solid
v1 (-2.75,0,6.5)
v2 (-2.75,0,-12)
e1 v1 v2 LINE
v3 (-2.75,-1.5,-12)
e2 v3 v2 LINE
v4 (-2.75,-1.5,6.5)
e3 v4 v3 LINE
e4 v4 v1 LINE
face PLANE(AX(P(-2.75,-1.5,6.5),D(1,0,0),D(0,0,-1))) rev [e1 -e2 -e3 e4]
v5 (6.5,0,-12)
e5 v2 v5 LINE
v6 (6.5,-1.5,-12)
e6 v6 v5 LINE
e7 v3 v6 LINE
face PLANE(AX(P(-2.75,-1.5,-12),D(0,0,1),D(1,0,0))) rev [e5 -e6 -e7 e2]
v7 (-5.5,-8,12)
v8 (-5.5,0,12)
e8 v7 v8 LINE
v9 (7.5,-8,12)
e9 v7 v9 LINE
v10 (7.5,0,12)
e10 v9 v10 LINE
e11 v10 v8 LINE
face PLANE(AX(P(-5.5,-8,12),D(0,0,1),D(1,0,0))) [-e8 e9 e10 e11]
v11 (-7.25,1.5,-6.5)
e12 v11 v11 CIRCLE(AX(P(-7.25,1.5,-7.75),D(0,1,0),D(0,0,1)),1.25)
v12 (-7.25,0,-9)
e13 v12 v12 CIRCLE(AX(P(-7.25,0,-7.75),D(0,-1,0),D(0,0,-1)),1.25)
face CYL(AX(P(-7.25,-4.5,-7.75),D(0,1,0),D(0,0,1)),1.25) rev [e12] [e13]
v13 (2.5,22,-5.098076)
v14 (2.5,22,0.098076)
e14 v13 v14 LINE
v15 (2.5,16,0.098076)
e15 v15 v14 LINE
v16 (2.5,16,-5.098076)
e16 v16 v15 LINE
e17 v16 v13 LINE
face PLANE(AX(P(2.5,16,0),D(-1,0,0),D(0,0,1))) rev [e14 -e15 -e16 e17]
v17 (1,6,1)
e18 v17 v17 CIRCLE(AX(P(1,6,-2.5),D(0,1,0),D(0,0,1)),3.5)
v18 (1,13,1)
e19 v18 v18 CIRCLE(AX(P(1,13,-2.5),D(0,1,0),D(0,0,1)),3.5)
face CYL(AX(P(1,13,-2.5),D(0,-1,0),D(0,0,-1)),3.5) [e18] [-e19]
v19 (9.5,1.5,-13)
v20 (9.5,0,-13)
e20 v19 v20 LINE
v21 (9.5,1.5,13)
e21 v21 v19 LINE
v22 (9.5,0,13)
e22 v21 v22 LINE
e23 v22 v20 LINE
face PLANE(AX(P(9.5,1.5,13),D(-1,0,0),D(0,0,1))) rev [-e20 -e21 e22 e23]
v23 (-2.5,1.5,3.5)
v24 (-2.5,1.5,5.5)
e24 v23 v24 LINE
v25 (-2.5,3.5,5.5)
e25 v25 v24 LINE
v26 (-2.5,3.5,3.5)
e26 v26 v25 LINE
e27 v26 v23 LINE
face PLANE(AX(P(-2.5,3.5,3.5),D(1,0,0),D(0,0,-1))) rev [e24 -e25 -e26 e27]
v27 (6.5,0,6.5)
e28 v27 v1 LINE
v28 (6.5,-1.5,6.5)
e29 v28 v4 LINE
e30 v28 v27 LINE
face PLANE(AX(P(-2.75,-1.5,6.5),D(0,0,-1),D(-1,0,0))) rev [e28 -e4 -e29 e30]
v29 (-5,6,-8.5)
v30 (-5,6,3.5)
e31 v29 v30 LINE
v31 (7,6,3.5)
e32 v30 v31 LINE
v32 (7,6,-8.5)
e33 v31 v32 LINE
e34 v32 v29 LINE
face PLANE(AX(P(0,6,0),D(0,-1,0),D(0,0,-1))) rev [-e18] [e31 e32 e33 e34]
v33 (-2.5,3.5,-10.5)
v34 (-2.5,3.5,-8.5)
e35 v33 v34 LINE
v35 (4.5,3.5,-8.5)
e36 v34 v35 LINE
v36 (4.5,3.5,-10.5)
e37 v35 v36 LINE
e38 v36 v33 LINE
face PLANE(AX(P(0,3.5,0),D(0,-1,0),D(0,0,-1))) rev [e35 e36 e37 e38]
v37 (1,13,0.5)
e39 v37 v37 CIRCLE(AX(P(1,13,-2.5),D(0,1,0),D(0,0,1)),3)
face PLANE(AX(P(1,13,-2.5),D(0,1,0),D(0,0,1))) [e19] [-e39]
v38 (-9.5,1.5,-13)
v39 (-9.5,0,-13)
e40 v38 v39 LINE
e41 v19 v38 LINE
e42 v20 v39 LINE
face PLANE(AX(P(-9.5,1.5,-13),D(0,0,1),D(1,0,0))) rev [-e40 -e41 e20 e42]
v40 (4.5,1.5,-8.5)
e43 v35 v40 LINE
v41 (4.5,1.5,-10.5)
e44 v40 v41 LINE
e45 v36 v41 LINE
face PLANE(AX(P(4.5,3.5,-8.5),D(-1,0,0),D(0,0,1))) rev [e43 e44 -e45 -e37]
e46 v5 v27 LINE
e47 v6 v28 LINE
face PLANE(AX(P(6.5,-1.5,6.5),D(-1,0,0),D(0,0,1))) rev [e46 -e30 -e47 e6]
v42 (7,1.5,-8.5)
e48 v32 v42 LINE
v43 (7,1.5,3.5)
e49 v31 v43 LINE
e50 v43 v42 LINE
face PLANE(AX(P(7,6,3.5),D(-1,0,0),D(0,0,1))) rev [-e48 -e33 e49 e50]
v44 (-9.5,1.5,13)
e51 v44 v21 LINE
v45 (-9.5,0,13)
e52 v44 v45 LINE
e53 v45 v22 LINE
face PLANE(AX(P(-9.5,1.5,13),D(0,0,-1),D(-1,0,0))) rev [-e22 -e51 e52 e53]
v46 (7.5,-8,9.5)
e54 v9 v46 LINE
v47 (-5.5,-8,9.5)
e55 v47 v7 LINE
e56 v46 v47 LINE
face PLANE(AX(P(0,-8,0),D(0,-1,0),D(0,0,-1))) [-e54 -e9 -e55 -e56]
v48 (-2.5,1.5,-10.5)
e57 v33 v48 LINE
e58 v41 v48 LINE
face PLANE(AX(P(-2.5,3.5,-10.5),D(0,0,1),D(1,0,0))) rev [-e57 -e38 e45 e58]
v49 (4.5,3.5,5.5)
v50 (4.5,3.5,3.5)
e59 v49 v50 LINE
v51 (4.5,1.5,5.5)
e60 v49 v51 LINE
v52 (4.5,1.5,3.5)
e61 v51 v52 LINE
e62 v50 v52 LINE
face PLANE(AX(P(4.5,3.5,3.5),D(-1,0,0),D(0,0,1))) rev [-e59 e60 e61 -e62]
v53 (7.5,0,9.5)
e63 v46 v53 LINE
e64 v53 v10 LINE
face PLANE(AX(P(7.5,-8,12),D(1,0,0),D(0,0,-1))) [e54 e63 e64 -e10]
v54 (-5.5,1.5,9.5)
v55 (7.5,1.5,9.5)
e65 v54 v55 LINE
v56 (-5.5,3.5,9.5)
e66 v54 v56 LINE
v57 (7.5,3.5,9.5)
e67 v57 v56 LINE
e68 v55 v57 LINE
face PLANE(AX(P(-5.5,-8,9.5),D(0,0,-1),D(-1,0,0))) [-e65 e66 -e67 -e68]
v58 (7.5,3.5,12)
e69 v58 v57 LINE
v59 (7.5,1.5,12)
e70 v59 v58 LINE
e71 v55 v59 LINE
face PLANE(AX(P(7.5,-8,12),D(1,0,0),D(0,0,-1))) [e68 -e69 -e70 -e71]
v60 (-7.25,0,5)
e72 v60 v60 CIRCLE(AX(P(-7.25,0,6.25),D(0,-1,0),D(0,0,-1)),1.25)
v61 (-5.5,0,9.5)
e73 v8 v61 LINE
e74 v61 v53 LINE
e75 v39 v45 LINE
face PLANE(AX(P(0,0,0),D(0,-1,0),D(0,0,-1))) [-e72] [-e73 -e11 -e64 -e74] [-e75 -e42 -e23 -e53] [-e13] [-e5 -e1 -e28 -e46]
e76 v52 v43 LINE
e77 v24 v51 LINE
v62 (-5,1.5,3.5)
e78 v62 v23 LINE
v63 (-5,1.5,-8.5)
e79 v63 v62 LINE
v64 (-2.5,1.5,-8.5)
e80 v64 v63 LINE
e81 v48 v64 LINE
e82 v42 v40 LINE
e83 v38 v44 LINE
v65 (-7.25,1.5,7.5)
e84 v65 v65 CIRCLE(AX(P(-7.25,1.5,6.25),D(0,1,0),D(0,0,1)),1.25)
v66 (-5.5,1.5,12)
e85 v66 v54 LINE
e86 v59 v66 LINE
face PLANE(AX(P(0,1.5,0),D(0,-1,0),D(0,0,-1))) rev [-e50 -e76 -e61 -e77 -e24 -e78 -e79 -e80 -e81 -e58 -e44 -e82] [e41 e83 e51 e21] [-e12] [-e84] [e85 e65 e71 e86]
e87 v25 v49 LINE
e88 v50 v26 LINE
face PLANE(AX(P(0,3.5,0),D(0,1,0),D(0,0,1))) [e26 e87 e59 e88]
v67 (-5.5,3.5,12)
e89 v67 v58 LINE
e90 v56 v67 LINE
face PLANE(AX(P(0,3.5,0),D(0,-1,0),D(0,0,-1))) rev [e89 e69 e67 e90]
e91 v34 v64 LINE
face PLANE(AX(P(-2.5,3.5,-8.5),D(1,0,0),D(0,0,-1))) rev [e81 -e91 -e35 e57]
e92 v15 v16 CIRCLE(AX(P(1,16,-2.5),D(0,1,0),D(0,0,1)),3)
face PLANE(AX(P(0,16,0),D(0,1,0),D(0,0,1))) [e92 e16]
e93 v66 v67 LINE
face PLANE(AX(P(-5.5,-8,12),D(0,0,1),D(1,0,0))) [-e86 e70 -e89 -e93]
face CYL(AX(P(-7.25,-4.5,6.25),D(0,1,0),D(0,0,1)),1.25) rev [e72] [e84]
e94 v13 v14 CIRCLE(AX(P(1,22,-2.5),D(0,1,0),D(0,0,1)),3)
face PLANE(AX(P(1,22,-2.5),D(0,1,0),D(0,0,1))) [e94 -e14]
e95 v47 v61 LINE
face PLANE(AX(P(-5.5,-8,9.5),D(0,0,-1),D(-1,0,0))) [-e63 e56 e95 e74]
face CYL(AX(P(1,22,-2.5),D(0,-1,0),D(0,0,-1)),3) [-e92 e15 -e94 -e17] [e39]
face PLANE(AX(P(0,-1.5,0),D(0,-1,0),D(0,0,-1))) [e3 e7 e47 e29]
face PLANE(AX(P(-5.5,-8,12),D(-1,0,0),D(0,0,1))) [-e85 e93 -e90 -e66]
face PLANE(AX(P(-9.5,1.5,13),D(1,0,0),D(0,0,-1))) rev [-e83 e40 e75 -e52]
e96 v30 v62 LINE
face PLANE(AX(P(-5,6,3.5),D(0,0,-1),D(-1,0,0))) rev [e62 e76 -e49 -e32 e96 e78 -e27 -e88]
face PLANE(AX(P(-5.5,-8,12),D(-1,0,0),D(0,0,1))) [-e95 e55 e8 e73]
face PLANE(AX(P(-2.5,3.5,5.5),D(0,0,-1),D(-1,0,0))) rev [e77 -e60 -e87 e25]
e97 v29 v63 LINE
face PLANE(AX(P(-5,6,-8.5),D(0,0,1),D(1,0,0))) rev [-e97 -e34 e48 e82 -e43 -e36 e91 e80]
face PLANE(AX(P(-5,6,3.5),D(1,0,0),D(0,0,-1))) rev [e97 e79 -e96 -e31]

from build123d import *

# Parameters (mm, degrees)
SCHIZZO1_W                        = 19
SCHIZZO1_H                        = 26
ESTRUSIONE_ESTRUSIONE1_DEPTH      = 1.5
SCHIZZO2_W                        = 12
SCHIZZO2_H                        = 12
ESTRUSIONE_ESTRUSIONE2_DEPTH      = 4.5
SCHIZZO4_R                        = 3.5
ESTRUSIONE_ESTRUSIONE3_DEPTH      = 7
SCHIZZO5_R                        = 3
ESTRUSIONE_ESTRUSIONE4_DEPTH      = 9
TAGLIO_ESTRUSIONE1_DEPTH          = 6
SCHIZZO7_R                        = 1.25
TAGLIO_ESTRUSIONE2_DEPTH          = 6
ESTRUSIONE_ESTRUSIONE5_DEPTH      = 2
ESTRUSIONE_ESTRUSIONE5_DEPTH_BACK = 9.5
SCHIZZO8_W                        = 13
SCHIZZO8_H                        = 2.5
SCHIZZO9_W                        = 9.25
SCHIZZO9_H                        = 18.5
ESTRUSIONE_ESTRUSIONE6_DEPTH      = 1.5
SCHIZZO10_W                       = 7
SCHIZZO10_H                       = 2
ESTRUSIONE_ESTRUSIONE7_DEPTH      = 2


with BuildPart() as part:
    # Schizzo1 → Estrusione-Estrusione1 (new body)
    with BuildSketch(Plane(origin=(0, 0, 0), x_dir=(1, 0, 0), z_dir=(0, 1, 0))):
        Rectangle(SCHIZZO1_W, SCHIZZO1_H)
    extrude(amount=ESTRUSIONE_ESTRUSIONE1_DEPTH)

    # Schizzo2 → Estrusione-Estrusione2 (add)
    with BuildSketch(Plane(origin=(0, 1.5, 0), x_dir=(1, 0, 0), z_dir=(0, 1, 0))):
        with Locations((1, 2.5)):
            Rectangle(SCHIZZO2_W, SCHIZZO2_H)
    extrude(amount=ESTRUSIONE_ESTRUSIONE2_DEPTH)

    # Schizzo4 → Estrusione-Estrusione3 (add)
    with BuildSketch(Plane(origin=(0, 6, 0), x_dir=(1, 0, 0), z_dir=(0, 1, 0))):
        with Locations(Location((1, 2.5, 0), (0, 0, 270))):
            Circle(SCHIZZO4_R)
    extrude(amount=ESTRUSIONE_ESTRUSIONE3_DEPTH)

    # Schizzo5 → Estrusione-Estrusione4 (add)
    with BuildSketch(Plane(origin=(0, 13, 0), x_dir=(1, 0, 0), z_dir=(0, 1, 0))):
        with Locations(Location((1, 2.5, 0), (0, 0, 270))):
            Circle(SCHIZZO5_R)
    extrude(amount=ESTRUSIONE_ESTRUSIONE4_DEPTH)

    # Schizzo6 → Taglio-Estrusione1 (cut)
    with BuildSketch(Plane(origin=(0, 22, 0), x_dir=(1, 0, 0), z_dir=(0, 1, 0))):
        Polygon((2.5, 58.528036495), (2.5, 5.098076211), (2.5, -0.098076211), (2.5, -53.528036495), (109.359920567, -53.528036495), (109.359920567, 58.528036495), align=None)
    extrude(amount=-TAGLIO_ESTRUSIONE1_DEPTH, mode=Mode.SUBTRACT)

    # Schizzo7 → Taglio-Estrusione2 (cut)
    with BuildSketch(Plane(origin=(0, 1.5, 0), x_dir=(1, 0, 0), z_dir=(0, 1, 0))):
        with Locations(Location((-7.25, 7.75, 0), (0, 0, 270))):
            Circle(SCHIZZO7_R)
        with Locations(Location((-7.25, -6.25, 0), (0, 0, 270))):
            Circle(SCHIZZO7_R)
    extrude(amount=-TAGLIO_ESTRUSIONE2_DEPTH, mode=Mode.SUBTRACT)

    # Schizzo8 → Estrusione-Estrusione5 (add, two sides: drawn at the far end of the back side and taken through both)
    with BuildSketch(Plane(origin=(0, 1.5, 0), x_dir=(1, 0, 0), z_dir=(0, 1, 0)).offset(-ESTRUSIONE_ESTRUSIONE5_DEPTH_BACK)):
        with Locations((1, -10.75)):
            Rectangle(SCHIZZO8_W, SCHIZZO8_H)
    extrude(amount=ESTRUSIONE_ESTRUSIONE5_DEPTH + ESTRUSIONE_ESTRUSIONE5_DEPTH_BACK)

    # Schizzo9 → Estrusione-Estrusione6 (add)
    with BuildSketch(Plane.XZ):
        with Locations((1.875, -2.75)):
            Rectangle(SCHIZZO9_W, SCHIZZO9_H)
    extrude(amount=ESTRUSIONE_ESTRUSIONE6_DEPTH)

    # Schizzo10 → Estrusione-Estrusione7 (add)
    with BuildSketch(Plane(origin=(0, 1.5, 0), x_dir=(1, 0, 0), z_dir=(0, 1, 0))):
        with Locations((1, 9.5)):
            Rectangle(SCHIZZO10_W, SCHIZZO10_H)
        with Locations((1, -4.5)):
            Rectangle(SCHIZZO10_W, SCHIZZO10_H)
    extrude(amount=ESTRUSIONE_ESTRUSIONE7_DEPTH)


solid = part.part
